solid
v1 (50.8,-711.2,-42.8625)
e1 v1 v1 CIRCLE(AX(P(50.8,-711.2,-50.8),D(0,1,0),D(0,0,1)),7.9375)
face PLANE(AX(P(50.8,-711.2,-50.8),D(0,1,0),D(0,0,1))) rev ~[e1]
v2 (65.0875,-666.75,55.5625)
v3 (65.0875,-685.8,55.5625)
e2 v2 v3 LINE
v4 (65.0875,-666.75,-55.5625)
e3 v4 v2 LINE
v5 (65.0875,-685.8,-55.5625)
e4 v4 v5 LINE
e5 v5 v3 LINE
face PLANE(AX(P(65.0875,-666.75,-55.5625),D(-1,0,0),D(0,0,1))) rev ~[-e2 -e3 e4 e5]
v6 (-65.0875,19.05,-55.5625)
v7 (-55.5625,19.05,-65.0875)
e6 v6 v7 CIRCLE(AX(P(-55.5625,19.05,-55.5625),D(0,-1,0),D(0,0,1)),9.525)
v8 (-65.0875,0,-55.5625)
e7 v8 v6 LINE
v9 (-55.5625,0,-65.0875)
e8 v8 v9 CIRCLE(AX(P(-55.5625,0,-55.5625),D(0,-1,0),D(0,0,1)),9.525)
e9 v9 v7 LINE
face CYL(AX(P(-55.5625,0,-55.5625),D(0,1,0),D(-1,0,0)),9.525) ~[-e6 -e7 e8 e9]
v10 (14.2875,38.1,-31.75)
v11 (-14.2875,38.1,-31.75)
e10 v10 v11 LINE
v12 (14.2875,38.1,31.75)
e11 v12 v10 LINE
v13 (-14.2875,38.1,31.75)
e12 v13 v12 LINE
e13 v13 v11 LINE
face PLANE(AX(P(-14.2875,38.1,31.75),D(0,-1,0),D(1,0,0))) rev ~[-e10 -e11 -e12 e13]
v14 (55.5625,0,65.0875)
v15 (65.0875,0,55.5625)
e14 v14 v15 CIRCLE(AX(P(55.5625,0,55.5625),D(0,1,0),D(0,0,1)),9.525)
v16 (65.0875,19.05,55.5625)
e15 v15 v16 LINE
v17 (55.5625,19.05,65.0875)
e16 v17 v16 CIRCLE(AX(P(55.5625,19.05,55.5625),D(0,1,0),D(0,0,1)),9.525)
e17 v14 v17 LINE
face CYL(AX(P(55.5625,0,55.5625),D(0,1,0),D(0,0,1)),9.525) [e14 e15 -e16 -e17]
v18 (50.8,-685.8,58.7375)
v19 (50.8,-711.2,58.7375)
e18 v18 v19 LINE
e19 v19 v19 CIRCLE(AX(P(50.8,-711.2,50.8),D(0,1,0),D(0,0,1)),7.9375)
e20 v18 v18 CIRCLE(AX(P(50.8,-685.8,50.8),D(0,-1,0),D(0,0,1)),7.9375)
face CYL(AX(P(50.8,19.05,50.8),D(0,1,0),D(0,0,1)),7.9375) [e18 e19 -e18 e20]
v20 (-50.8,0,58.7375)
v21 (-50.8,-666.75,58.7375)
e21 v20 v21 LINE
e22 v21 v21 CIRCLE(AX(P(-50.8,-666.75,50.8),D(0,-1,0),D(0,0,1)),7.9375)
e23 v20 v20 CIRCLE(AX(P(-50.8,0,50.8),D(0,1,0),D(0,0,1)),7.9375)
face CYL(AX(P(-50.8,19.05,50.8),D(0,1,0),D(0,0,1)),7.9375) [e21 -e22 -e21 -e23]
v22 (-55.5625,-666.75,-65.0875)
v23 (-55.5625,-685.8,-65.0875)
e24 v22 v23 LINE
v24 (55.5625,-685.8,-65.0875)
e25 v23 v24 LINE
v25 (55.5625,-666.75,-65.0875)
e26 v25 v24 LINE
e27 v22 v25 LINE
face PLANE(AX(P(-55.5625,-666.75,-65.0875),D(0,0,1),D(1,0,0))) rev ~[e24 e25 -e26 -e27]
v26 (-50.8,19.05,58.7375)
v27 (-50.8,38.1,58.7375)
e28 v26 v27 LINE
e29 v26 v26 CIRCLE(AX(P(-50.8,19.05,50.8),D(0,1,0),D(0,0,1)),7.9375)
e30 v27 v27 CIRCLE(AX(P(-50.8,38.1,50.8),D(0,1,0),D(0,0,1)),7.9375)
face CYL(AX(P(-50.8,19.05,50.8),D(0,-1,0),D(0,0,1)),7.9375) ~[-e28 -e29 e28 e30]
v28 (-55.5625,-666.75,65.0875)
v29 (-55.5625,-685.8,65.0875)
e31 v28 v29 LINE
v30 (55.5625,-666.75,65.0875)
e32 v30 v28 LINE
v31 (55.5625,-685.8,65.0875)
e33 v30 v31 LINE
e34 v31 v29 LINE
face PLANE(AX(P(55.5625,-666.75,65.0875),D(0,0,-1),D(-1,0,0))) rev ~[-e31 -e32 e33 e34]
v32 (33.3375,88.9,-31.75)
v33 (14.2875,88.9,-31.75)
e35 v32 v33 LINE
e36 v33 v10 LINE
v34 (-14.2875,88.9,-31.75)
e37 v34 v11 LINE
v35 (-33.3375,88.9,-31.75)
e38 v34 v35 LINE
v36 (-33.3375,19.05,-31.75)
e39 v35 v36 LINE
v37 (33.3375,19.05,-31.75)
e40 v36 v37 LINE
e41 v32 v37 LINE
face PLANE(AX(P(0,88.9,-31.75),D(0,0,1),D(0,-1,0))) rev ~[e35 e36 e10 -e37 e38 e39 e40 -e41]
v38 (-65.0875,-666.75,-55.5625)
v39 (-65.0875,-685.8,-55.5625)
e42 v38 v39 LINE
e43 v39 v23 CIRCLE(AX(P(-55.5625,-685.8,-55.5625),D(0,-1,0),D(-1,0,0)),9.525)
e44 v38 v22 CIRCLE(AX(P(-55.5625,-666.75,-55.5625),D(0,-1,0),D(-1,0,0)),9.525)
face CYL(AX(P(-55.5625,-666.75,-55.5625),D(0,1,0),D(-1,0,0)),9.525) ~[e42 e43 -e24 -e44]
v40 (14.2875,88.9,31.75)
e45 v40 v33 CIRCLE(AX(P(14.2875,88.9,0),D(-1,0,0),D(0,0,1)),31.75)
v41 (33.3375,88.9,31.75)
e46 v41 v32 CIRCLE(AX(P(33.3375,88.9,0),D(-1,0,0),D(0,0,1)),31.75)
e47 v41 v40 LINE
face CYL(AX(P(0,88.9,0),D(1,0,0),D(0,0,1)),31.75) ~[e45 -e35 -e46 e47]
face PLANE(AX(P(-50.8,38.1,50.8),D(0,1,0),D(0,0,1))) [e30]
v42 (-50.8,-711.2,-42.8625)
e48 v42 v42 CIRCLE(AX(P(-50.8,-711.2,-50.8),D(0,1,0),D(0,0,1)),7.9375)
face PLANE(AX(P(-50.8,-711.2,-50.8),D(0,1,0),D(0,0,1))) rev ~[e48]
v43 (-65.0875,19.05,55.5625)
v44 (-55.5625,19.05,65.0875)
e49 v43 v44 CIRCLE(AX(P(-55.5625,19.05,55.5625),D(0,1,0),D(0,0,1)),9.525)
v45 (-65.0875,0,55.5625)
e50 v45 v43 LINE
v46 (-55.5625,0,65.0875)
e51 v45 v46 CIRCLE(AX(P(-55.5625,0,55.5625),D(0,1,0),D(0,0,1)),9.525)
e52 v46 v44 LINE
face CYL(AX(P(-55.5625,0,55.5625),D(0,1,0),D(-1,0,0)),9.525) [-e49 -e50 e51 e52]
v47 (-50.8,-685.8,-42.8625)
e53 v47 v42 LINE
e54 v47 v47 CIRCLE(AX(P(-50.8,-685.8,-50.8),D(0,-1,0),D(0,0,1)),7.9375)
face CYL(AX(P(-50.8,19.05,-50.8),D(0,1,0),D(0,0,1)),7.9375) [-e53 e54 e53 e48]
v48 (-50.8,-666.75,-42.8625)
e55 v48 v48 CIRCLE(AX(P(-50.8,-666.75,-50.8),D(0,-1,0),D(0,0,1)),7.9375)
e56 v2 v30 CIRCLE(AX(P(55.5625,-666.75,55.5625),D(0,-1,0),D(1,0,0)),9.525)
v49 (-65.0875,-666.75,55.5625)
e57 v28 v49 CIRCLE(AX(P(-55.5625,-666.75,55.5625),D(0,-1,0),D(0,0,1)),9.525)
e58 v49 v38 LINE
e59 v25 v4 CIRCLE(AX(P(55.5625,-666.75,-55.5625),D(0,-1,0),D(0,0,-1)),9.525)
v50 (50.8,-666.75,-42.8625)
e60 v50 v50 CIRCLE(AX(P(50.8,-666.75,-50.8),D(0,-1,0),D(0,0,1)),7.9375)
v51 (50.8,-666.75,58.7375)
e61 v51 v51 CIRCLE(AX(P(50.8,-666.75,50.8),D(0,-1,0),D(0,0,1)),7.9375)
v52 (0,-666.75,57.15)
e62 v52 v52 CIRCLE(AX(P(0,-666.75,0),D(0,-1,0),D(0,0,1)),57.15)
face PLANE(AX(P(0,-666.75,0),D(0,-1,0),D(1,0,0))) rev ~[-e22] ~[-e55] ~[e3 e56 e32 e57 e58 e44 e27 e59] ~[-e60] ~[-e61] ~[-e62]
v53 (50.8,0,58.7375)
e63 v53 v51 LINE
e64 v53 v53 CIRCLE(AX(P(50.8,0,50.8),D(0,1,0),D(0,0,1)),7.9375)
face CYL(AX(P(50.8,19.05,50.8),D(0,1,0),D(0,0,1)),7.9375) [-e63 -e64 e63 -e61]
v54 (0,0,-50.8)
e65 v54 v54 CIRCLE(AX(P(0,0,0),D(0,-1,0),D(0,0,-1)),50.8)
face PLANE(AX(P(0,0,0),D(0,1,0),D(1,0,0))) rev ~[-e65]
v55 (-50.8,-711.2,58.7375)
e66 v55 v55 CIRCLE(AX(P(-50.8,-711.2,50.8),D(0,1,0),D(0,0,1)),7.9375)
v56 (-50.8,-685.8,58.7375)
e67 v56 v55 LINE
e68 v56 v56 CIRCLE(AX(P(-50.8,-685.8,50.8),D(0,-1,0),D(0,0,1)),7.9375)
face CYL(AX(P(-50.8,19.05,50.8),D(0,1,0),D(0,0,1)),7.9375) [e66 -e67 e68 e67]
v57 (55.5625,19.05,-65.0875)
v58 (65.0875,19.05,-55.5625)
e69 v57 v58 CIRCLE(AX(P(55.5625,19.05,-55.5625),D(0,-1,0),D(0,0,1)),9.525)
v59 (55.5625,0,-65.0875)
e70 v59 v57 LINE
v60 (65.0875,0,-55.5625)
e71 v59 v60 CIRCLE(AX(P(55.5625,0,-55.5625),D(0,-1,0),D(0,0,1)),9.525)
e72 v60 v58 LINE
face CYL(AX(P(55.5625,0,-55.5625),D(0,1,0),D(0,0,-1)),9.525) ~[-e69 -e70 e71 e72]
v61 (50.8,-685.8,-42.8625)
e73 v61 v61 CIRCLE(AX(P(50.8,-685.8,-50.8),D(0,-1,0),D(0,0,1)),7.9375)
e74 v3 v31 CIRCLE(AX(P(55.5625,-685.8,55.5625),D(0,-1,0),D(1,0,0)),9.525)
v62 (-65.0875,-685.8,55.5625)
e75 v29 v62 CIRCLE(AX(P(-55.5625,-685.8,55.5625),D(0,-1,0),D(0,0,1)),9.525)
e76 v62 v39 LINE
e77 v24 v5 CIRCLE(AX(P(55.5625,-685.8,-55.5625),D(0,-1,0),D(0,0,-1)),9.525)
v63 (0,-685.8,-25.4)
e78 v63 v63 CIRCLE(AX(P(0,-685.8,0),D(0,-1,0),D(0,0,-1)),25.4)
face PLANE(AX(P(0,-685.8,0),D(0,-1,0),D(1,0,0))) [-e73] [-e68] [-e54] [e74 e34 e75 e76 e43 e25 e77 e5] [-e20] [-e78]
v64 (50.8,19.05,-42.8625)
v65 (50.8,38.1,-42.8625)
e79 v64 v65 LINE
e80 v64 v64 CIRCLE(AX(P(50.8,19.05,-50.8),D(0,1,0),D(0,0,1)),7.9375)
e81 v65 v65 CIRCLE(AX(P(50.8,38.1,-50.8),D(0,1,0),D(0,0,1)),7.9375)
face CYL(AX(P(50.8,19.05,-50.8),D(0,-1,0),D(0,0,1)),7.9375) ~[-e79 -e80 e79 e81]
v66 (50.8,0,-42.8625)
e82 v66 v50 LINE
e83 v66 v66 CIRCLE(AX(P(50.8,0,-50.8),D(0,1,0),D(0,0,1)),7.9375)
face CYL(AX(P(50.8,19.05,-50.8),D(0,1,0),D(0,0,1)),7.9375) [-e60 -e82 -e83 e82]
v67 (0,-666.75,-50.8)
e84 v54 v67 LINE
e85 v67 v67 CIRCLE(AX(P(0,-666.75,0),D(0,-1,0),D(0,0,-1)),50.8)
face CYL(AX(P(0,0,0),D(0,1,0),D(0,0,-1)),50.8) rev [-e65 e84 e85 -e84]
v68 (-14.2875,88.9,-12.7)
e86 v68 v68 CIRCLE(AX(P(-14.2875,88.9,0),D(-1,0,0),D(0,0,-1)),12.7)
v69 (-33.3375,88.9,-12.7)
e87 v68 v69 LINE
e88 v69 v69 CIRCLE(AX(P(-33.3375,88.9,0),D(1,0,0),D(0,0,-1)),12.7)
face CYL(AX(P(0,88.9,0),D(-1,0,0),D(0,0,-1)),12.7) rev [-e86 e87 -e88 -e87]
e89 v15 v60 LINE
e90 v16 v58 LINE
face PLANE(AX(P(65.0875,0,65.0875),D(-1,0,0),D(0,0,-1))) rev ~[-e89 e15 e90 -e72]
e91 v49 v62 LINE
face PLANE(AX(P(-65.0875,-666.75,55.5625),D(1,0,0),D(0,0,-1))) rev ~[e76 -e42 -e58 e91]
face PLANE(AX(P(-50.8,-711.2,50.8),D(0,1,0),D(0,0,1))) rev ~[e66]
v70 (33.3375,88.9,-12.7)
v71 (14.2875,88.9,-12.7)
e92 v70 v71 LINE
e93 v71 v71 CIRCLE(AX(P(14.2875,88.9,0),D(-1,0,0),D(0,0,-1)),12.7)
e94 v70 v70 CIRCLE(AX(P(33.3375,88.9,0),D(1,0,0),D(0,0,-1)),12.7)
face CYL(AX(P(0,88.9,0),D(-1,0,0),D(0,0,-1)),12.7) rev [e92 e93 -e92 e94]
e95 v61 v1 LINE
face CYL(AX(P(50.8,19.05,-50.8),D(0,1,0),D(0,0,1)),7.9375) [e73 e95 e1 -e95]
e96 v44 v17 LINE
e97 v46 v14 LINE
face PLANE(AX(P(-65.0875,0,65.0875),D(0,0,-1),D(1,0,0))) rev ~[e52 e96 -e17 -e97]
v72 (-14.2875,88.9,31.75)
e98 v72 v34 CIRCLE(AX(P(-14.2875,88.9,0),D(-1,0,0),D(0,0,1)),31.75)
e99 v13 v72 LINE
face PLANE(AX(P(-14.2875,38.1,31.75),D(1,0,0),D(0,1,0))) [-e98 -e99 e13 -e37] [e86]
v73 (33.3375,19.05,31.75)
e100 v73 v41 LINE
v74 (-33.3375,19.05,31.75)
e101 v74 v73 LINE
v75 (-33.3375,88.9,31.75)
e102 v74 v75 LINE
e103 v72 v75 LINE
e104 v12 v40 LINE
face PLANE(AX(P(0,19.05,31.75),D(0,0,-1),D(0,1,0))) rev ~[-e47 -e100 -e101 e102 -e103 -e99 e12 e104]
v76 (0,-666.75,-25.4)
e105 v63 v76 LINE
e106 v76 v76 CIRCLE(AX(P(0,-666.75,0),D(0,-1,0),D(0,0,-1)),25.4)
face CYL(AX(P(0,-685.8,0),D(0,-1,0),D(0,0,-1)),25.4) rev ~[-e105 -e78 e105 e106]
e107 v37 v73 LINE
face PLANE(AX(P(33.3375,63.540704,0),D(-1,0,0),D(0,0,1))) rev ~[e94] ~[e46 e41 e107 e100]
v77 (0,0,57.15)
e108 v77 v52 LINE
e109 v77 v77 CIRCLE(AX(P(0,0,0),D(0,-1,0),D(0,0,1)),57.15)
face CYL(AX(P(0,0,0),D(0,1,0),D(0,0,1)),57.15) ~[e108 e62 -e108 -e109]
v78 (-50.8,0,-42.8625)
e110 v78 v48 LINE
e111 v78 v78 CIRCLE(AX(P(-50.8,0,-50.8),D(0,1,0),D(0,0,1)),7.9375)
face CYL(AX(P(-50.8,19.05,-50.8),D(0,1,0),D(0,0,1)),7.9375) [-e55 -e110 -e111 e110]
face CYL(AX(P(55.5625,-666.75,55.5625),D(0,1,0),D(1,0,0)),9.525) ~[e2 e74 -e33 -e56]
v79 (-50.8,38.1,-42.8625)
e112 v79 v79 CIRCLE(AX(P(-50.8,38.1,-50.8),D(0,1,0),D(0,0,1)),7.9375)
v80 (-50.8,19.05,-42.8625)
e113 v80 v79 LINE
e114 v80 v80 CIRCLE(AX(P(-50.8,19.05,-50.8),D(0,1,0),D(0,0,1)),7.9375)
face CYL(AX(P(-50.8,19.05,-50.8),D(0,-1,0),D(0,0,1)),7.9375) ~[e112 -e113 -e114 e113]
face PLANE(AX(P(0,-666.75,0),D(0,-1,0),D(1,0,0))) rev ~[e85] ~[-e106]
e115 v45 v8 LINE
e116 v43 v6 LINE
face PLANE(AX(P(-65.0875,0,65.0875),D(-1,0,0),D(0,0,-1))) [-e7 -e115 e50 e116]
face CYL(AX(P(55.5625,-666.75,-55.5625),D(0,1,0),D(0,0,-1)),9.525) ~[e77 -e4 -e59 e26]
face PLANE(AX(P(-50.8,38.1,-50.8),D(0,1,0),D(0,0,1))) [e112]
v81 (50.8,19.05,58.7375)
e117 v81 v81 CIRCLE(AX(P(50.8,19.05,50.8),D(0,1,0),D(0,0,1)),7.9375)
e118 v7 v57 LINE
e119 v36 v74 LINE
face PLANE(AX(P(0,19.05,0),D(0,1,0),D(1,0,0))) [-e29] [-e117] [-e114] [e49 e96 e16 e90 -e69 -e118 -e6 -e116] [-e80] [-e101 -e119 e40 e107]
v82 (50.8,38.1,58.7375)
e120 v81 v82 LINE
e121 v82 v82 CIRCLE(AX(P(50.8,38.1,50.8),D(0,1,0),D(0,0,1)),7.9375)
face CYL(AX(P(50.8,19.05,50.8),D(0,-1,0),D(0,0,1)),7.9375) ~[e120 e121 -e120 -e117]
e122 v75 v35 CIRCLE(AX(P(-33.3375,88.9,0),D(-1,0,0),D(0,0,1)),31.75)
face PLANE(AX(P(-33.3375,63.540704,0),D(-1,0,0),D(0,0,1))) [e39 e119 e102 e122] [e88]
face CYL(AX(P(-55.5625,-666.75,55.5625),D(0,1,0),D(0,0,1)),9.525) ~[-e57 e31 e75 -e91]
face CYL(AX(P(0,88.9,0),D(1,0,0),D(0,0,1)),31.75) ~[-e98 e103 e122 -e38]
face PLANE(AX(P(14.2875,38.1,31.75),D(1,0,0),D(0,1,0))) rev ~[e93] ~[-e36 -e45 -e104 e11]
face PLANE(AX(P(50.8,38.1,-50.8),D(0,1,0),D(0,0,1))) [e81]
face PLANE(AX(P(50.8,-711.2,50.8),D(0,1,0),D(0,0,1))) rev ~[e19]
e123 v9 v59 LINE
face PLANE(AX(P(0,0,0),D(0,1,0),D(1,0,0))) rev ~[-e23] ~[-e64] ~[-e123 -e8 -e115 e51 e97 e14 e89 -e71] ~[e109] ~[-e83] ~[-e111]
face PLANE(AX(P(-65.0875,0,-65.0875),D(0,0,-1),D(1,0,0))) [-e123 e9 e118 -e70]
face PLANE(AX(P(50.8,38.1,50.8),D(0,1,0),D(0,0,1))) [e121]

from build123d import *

# Parameters (mm, degrees)
SKETCH1_W                = 130.175
SKETCH1_H                = 130.175
BOSS_EXTRUDE1_DEPTH      = 19.05
CUT_EXTRUDE1_REACH       = 21.05
SKETCH2_R                = 7.9375
SKETCH3_R                = 12.7
BOSS_EXTRUDE2_DEPTH      = 33.3375
CUT_EXTRUDE2_REACH       = 98.837
SKETCH4_W                = 28.575
SKETCH4_H                = 82.55
SKETCH5_R                = 57.15
SKETCH5_R_2              = 50.8
BOSS_EXTRUDE3_DEPTH      = 666.75
FILLET1_R                = 9.525
SKETCH6_R                = 7.9375
BOSS_EXTRUDE4_DEPTH      = 19.05
CUT_EXTRUDE3_REACH       = 808.45
SKETCH7_R                = 25.4
SKETCH8_R                = 7.9375
BOSS_EXTRUDE5_DEPTH      = 19.05
BOSS_EXTRUDE5_DEPTH_BACK = 730.25


with BuildPart() as part:
    # Sketch1 → Boss-Extrude1 (new body)
    with BuildSketch(Plane(origin=(0, 0, 0), x_dir=(1, 0, 0), z_dir=(0, 1, 0))):
        Rectangle(SKETCH1_W, SKETCH1_H)
    extrude(amount=BOSS_EXTRUDE1_DEPTH)

    # Sketch2 → Cut-Extrude1 (cut, up to next)
    with BuildSketch(Plane(origin=(0, 19.05, 0), x_dir=(1, 0, 0), z_dir=(0, 1, 0)), mode=Mode.PRIVATE) as cut_extrude1_sk1:
        with Locations(Location((-50.8, 50.8, 0), (0, 0, 270))):  # turned: the seam where the file's is
            Circle(SKETCH2_R)
    cut_extrude1_tool1 = extrude(cut_extrude1_sk1.sketch, amount=-CUT_EXTRUDE1_REACH, mode=Mode.PRIVATE) & part.part
    add(cut_extrude1_tool1.solids().sort_by_distance((-50.8, 19.05, -50.8))[0], mode=Mode.SUBTRACT)
    # Sketch2 → Cut-Extrude1 (cut, up to next)
    with BuildSketch(Plane(origin=(0, 19.05, 0), x_dir=(1, 0, 0), z_dir=(0, 1, 0)), mode=Mode.PRIVATE) as cut_extrude1_sk2:
        with Locations(Location((50.8, 50.8, 0), (0, 0, 270))):  # turned: the seam where the file's is
            Circle(SKETCH2_R)
    cut_extrude1_tool2 = extrude(cut_extrude1_sk2.sketch, amount=-CUT_EXTRUDE1_REACH, mode=Mode.PRIVATE) & part.part
    add(cut_extrude1_tool2.solids().sort_by_distance((50.8, 19.05, -50.8))[0], mode=Mode.SUBTRACT)
    # Sketch2 → Cut-Extrude1 (cut, up to next)
    with BuildSketch(Plane(origin=(0, 19.05, 0), x_dir=(1, 0, 0), z_dir=(0, 1, 0)), mode=Mode.PRIVATE) as cut_extrude1_sk3:
        with Locations(Location((50.8, -50.8, 0), (0, 0, 270))):  # turned: the seam where the file's is
            Circle(SKETCH2_R)
    cut_extrude1_tool3 = extrude(cut_extrude1_sk3.sketch, amount=-CUT_EXTRUDE1_REACH, mode=Mode.PRIVATE) & part.part
    add(cut_extrude1_tool3.solids().sort_by_distance((50.8, 19.05, 50.8))[0], mode=Mode.SUBTRACT)
    # Sketch2 → Cut-Extrude1 (cut, up to next)
    with BuildSketch(Plane(origin=(0, 19.05, 0), x_dir=(1, 0, 0), z_dir=(0, 1, 0)), mode=Mode.PRIVATE) as cut_extrude1_sk4:
        with Locations(Location((-50.8, -50.8, 0), (0, 0, 270))):  # turned: the seam where the file's is
            Circle(SKETCH2_R)
    cut_extrude1_tool4 = extrude(cut_extrude1_sk4.sketch, amount=-CUT_EXTRUDE1_REACH, mode=Mode.PRIVATE) & part.part
    add(cut_extrude1_tool4.solids().sort_by_distance((-50.8, 19.05, 50.8))[0], mode=Mode.SUBTRACT)

    # Sketch3 → Boss-Extrude2 (add, symmetric)
    with BuildSketch(Plane(origin=(0, 0, 0), x_dir=(0, 0, -1), z_dir=(1, 0, 0))):
        with BuildLine():
            Line((-31.75, 19.05), (-31.75, 88.9))
            ThreePointArc((-31.75, 88.9), (0, 120.65), (31.75, 88.9))
            Line((31.75, 88.9), (31.75, 19.05))
            Line((31.75, 19.05), (-31.75, 19.05))
        make_face()
        with Locations((0, 88.9)):
            Circle(SKETCH3_R, mode=Mode.SUBTRACT)
    extrude(amount=BOSS_EXTRUDE2_DEPTH, both=True)

    # Sketch4 → Cut-Extrude2 (cut, up to next)
    with BuildSketch(Plane.XY.offset(31.75), mode=Mode.PRIVATE) as cut_extrude2_sk1:
        with Locations((0, 79.375)):
            Rectangle(SKETCH4_W, SKETCH4_H)
    cut_extrude2_tool1 = extrude(cut_extrude2_sk1.sketch, amount=-CUT_EXTRUDE2_REACH, mode=Mode.PRIVATE) & part.part
    add(cut_extrude2_tool1.solids().sort_by_distance((0, 79.375, 31.75))[0], mode=Mode.SUBTRACT)

    # Sketch5 → Boss-Extrude3 (add)
    with BuildSketch(Plane.XZ):
        with Locations(Location((0, 0, 0), (0, 0, 90))):  # turned: the seam where the file's is
            Circle(SKETCH5_R)
        with Locations(Location((0, 0, 0), (0, 0, 270))):  # turned: the seam where the file's is
            Circle(SKETCH5_R_2, mode=Mode.SUBTRACT)
    extrude(amount=BOSS_EXTRUDE3_DEPTH)

    # Fillet1
    fillet1_edges = [part.edges().sort_by_distance(p)[0] for p in [
        (65.0875, 9.525, 65.0875),
        (-65.0875, 9.525, 65.0875),
        (-65.0875, 9.525, -65.0875),
        (65.0875, 9.525, -65.0875),
    ]]
    fillet(fillet1_edges, radius=FILLET1_R)

    # Sketch6 → Boss-Extrude4 (add)
    with BuildSketch(Plane.XZ.offset(666.75)):
        with BuildLine():
            Line((-65.0875, 55.5625), (-65.0875, -55.5625))
            ThreePointArc((-65.0875, -55.5625), (-62.297692091, -62.297692091), (-55.5625, -65.0875))
            Line((-55.5625, -65.0875), (55.5625, -65.0875))
            ThreePointArc((55.5625, -65.0875), (62.297692091, -62.297692091), (65.0875, -55.5625))
            Line((65.0875, -55.5625), (65.0875, 55.5625))
            ThreePointArc((65.0875, 55.5625), (62.297692091, 62.297692091), (55.5625, 65.0875))
            Line((55.5625, 65.0875), (-55.5625, 65.0875))
            ThreePointArc((-55.5625, 65.0875), (-62.297692091, 62.297692091), (-65.0875, 55.5625))
        make_face()
        with Locations(Location((-50.8, 50.8, 0), (0, 0, 90))):  # turned: the seam where the file's is
            Circle(SKETCH6_R, mode=Mode.SUBTRACT)
        with Locations(Location((50.8, 50.8, 0), (0, 0, 90))):  # turned: the seam where the file's is
            Circle(SKETCH6_R, mode=Mode.SUBTRACT)
        with Locations(Location((50.8, -50.8, 0), (0, 0, 90))):  # turned: the seam where the file's is
            Circle(SKETCH6_R, mode=Mode.SUBTRACT)
        with Locations(Location((-50.8, -50.8, 0), (0, 0, 90))):  # turned: the seam where the file's is
            Circle(SKETCH6_R, mode=Mode.SUBTRACT)
    extrude(amount=BOSS_EXTRUDE4_DEPTH)

    # Sketch7 → Cut-Extrude3 (cut, up to next)
    with BuildSketch(Plane.XZ.offset(685.8), mode=Mode.PRIVATE) as cut_extrude3_sk1:
        with Locations(Location((0, 0, 0), (0, 0, 270))):  # turned: the seam where the file's is
            Circle(SKETCH7_R)
    cut_extrude3_tool1 = extrude(cut_extrude3_sk1.sketch, amount=-CUT_EXTRUDE3_REACH, mode=Mode.PRIVATE) & part.part
    add(cut_extrude3_tool1.solids().sort_by_distance((0, -685.8, 0))[0], mode=Mode.SUBTRACT)

    # Sketch8 → Boss-Extrude5 (add, two sides)
    with BuildSketch(Plane(origin=(0, 19.05, 0), x_dir=(1, 0, 0), z_dir=(0, 1, 0))) as boss_extrude5_sk:
        with Locations(Location((-50.8, 50.8, 0), (0, 0, 270))):  # turned: the seam where the file's is
            Circle(SKETCH8_R)
        with Locations(Location((50.8, 50.8, 0), (0, 0, 270))):  # turned: the seam where the file's is
            Circle(SKETCH8_R)
        with Locations(Location((50.8, -50.8, 0), (0, 0, 270))):  # turned: the seam where the file's is
            Circle(SKETCH8_R)
        with Locations(Location((-50.8, -50.8, 0), (0, 0, 270))):  # turned: the seam where the file's is
            Circle(SKETCH8_R)
    extrude(amount=BOSS_EXTRUDE5_DEPTH)
    extrude(boss_extrude5_sk.sketch, amount=-BOSS_EXTRUDE5_DEPTH_BACK)


solid = part.part
